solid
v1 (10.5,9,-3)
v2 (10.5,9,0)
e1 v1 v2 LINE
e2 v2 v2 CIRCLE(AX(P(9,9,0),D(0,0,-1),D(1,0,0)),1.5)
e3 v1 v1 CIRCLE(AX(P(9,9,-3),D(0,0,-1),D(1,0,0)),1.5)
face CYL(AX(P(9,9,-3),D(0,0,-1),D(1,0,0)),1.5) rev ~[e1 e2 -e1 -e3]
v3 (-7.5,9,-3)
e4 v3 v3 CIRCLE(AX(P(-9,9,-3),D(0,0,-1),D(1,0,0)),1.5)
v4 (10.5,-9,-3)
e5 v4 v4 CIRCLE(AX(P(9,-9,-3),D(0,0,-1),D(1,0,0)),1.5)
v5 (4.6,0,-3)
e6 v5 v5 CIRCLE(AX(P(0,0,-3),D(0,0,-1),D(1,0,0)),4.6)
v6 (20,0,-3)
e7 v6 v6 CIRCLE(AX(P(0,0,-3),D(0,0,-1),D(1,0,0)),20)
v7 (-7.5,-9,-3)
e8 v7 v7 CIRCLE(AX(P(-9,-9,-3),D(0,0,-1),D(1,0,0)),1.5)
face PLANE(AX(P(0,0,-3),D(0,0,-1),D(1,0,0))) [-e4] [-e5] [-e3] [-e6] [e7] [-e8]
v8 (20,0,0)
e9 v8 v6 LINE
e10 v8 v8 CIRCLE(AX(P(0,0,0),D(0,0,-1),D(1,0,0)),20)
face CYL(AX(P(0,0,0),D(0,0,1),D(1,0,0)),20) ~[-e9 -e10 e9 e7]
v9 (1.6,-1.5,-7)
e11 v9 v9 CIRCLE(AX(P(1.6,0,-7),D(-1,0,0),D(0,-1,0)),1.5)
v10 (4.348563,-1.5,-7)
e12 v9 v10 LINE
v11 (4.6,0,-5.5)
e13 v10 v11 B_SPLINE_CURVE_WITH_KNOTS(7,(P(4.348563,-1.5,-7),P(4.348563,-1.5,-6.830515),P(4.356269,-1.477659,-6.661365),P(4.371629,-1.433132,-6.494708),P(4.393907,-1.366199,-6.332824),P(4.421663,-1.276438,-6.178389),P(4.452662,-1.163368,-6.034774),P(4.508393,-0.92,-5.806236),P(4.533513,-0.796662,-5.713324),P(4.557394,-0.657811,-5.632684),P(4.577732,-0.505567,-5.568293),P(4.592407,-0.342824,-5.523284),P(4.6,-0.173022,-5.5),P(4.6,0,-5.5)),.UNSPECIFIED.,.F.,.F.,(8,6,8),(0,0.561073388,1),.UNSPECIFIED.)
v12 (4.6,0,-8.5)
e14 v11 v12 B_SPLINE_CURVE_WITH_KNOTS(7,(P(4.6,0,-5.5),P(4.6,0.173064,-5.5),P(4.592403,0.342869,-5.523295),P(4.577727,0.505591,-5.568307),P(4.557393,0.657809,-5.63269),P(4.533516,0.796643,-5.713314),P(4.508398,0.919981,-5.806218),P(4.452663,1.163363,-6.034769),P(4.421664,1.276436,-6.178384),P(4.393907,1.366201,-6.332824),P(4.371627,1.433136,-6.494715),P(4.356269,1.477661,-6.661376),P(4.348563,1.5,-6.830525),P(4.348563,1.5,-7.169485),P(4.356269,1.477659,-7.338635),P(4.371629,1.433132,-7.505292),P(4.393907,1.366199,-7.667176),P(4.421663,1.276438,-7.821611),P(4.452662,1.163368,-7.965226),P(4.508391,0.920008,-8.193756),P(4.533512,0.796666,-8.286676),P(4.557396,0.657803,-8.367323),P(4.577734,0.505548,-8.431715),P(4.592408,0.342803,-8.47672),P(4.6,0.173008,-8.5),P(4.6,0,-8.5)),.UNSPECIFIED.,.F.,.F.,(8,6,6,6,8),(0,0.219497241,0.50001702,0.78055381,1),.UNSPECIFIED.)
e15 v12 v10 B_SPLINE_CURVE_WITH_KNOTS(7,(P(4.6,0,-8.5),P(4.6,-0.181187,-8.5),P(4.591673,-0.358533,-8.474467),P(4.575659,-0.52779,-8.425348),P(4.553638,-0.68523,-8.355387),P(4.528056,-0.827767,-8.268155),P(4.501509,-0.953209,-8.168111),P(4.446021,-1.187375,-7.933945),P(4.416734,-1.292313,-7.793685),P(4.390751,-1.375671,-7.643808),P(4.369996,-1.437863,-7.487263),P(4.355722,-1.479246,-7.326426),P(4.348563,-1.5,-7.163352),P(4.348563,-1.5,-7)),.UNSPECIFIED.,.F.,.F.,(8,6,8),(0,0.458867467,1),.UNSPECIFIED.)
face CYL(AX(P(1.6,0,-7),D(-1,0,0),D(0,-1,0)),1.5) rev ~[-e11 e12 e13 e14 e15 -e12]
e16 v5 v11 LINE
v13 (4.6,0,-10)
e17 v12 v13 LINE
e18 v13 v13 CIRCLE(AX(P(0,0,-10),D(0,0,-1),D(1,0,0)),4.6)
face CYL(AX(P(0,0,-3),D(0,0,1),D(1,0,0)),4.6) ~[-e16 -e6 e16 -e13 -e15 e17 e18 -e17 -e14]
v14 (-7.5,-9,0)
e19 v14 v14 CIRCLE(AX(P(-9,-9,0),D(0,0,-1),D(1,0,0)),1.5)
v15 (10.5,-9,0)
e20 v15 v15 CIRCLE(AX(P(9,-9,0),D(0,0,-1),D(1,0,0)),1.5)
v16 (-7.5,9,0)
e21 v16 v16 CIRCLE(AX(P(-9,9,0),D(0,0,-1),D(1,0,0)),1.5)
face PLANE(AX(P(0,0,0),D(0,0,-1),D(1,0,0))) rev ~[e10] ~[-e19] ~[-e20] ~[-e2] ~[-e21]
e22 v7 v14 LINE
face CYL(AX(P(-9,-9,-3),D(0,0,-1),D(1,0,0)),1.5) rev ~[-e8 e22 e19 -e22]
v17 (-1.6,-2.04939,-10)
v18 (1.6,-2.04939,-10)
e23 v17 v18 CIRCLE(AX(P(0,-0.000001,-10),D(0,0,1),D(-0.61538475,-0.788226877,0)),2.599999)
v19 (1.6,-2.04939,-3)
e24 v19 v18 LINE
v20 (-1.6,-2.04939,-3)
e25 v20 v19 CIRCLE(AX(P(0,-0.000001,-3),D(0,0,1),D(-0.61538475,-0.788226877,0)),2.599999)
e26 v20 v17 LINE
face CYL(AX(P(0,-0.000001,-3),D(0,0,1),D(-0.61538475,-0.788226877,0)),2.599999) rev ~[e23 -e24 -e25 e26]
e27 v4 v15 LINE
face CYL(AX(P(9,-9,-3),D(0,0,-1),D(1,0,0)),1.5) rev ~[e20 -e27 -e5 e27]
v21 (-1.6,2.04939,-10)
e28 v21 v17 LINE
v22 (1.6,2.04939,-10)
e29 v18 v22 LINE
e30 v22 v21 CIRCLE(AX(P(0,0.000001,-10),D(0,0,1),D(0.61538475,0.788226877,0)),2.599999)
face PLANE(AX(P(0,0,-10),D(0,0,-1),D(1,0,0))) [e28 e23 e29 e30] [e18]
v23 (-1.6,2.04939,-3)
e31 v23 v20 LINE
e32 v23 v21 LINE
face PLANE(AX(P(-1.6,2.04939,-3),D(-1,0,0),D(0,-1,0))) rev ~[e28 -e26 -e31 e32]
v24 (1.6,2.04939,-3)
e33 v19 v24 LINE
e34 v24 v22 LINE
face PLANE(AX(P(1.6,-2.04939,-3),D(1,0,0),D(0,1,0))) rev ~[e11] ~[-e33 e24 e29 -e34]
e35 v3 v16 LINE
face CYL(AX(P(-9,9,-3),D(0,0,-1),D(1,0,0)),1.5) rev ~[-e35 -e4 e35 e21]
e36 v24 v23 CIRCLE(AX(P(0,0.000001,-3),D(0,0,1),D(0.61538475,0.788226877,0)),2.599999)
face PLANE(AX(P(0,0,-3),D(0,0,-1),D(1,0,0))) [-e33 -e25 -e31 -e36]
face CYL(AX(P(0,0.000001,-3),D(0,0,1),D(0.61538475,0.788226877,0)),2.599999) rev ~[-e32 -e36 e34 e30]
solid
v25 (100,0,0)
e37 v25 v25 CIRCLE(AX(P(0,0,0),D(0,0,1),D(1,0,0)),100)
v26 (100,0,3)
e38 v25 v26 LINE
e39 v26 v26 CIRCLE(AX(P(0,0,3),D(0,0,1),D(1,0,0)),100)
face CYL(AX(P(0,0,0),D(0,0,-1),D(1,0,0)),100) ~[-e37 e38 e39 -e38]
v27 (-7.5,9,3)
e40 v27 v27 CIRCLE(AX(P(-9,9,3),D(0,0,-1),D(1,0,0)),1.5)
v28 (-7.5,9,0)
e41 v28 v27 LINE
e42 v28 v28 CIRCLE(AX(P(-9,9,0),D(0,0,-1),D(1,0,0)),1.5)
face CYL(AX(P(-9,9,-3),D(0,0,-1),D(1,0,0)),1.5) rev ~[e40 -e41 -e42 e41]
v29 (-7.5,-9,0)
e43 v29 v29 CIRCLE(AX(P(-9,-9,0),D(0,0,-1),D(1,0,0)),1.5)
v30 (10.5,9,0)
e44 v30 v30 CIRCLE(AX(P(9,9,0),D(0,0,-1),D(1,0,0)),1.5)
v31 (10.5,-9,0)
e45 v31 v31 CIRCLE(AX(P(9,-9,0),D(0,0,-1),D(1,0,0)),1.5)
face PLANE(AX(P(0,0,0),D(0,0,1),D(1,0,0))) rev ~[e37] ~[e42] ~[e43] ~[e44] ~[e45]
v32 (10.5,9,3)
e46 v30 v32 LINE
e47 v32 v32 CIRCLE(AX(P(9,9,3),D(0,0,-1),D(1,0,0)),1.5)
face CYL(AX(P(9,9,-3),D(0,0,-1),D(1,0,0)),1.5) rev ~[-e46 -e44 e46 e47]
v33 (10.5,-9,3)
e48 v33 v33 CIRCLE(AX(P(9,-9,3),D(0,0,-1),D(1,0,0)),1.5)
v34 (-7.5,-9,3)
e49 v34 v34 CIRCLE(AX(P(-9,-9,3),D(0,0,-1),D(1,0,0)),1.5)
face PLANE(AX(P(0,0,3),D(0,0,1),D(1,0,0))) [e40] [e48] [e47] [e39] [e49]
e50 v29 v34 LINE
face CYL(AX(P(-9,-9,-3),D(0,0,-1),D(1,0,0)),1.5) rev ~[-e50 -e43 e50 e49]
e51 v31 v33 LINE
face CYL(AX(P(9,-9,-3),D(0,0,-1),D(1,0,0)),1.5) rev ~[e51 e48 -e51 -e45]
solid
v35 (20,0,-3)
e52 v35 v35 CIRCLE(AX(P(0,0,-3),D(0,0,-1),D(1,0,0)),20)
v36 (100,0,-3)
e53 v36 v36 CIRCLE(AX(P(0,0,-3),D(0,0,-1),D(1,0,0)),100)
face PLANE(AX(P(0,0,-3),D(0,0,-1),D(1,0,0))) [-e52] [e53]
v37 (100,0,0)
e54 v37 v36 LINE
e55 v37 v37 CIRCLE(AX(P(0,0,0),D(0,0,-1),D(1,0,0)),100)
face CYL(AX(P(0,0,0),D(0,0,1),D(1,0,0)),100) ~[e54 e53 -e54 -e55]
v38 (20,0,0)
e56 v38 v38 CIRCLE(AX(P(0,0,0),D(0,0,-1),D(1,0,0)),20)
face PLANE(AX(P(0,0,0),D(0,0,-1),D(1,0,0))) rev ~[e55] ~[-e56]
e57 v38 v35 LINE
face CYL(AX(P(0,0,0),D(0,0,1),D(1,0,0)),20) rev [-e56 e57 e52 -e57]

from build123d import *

# Parameters (mm, degrees)
F0_R      = 100
F1_DEPTH  = 3
F2_R      = 20
F3_DEPTH  = 3
F4_R      = 4.6
F5_DEPTH  = 7
F6_R      = 1.5
F7_DEPTH  = 25
F8_R      = 100
F8_R_2    = 20
F9_DEPTH  = 3
F10_R     = 1.5
F11_DEPTH = 25


with BuildPart() as f1:
    # F0 (on Top) → F1 (new body)
    with BuildSketch(Plane.XY):
        Circle(F0_R)
    extrude(amount=F1_DEPTH)


with BuildPart() as f3:
    # F2 (on face) → F3 (new body)
    with BuildSketch(Plane(origin=(0, 0, 0), x_dir=(1, 0, 0), z_dir=(0, 0, -1))):
        Circle(F2_R)
    extrude(amount=F3_DEPTH)

    # F4 (on face) → F5 (join)
    with BuildSketch(Plane(origin=(0, 0, -3), x_dir=(1, 0, 0), z_dir=(0, 0, -1))):
        Circle(F4_R)
        with BuildLine():
            ThreePointArc((1.6, -2.04939), (0, -2.6), (-1.6, -2.04939))
            Line((-1.6, -2.04939), (-1.6, 2.04939))
            ThreePointArc((-1.6, 2.04939), (0, 2.6), (1.6, 2.04939))
            Line((1.6, 2.04939), (1.6, -2.04939))
        make_face(mode=Mode.SUBTRACT)
    extrude(amount=F5_DEPTH)

    # F6 (on face) → F7 (cut)
    with BuildSketch(Plane(origin=(1.6, 0, 0), x_dir=(0, -1, 0), z_dir=(-1, 0, 0))):
        with Locations((0, -7)):
            Circle(F6_R)
    extrude(amount=-F7_DEPTH, mode=Mode.SUBTRACT)


with BuildPart() as f9:
    # F8 (on face) → F9 (new body)
    with BuildSketch(Plane(origin=(0, 0, 0), x_dir=(1, 0, 0), z_dir=(0, 0, -1))):
        Circle(F8_R)
        Circle(F8_R_2, mode=Mode.SUBTRACT)
    extrude(amount=F9_DEPTH)


with BuildPart() as f11_tool:
    # F10 (on face) → F11 (new body)
    with BuildSketch(Plane(origin=(0, 0, -3), x_dir=(1, 0, 0), z_dir=(0, 0, -1))):
        with Locations((-9, 9)):
            Circle(F10_R)
        with Locations((9, 9)):
            Circle(F10_R)
        with Locations((9, -9)):
            Circle(F10_R)
        with Locations((-9, -9)):
            Circle(F10_R)
    extrude(amount=-F11_DEPTH)


with BuildPart() as f1_1:
    add(f1.part)

    # F11: cut by f11_tool
    add(f11_tool.part, mode=Mode.SUBTRACT)


with BuildPart() as f3_1:
    add(f3.part)

    # F11: cut by f11_tool
    add(f11_tool.part, mode=Mode.SUBTRACT)


solid = Compound([f9.part, f1_1.part, f3_1.part])
